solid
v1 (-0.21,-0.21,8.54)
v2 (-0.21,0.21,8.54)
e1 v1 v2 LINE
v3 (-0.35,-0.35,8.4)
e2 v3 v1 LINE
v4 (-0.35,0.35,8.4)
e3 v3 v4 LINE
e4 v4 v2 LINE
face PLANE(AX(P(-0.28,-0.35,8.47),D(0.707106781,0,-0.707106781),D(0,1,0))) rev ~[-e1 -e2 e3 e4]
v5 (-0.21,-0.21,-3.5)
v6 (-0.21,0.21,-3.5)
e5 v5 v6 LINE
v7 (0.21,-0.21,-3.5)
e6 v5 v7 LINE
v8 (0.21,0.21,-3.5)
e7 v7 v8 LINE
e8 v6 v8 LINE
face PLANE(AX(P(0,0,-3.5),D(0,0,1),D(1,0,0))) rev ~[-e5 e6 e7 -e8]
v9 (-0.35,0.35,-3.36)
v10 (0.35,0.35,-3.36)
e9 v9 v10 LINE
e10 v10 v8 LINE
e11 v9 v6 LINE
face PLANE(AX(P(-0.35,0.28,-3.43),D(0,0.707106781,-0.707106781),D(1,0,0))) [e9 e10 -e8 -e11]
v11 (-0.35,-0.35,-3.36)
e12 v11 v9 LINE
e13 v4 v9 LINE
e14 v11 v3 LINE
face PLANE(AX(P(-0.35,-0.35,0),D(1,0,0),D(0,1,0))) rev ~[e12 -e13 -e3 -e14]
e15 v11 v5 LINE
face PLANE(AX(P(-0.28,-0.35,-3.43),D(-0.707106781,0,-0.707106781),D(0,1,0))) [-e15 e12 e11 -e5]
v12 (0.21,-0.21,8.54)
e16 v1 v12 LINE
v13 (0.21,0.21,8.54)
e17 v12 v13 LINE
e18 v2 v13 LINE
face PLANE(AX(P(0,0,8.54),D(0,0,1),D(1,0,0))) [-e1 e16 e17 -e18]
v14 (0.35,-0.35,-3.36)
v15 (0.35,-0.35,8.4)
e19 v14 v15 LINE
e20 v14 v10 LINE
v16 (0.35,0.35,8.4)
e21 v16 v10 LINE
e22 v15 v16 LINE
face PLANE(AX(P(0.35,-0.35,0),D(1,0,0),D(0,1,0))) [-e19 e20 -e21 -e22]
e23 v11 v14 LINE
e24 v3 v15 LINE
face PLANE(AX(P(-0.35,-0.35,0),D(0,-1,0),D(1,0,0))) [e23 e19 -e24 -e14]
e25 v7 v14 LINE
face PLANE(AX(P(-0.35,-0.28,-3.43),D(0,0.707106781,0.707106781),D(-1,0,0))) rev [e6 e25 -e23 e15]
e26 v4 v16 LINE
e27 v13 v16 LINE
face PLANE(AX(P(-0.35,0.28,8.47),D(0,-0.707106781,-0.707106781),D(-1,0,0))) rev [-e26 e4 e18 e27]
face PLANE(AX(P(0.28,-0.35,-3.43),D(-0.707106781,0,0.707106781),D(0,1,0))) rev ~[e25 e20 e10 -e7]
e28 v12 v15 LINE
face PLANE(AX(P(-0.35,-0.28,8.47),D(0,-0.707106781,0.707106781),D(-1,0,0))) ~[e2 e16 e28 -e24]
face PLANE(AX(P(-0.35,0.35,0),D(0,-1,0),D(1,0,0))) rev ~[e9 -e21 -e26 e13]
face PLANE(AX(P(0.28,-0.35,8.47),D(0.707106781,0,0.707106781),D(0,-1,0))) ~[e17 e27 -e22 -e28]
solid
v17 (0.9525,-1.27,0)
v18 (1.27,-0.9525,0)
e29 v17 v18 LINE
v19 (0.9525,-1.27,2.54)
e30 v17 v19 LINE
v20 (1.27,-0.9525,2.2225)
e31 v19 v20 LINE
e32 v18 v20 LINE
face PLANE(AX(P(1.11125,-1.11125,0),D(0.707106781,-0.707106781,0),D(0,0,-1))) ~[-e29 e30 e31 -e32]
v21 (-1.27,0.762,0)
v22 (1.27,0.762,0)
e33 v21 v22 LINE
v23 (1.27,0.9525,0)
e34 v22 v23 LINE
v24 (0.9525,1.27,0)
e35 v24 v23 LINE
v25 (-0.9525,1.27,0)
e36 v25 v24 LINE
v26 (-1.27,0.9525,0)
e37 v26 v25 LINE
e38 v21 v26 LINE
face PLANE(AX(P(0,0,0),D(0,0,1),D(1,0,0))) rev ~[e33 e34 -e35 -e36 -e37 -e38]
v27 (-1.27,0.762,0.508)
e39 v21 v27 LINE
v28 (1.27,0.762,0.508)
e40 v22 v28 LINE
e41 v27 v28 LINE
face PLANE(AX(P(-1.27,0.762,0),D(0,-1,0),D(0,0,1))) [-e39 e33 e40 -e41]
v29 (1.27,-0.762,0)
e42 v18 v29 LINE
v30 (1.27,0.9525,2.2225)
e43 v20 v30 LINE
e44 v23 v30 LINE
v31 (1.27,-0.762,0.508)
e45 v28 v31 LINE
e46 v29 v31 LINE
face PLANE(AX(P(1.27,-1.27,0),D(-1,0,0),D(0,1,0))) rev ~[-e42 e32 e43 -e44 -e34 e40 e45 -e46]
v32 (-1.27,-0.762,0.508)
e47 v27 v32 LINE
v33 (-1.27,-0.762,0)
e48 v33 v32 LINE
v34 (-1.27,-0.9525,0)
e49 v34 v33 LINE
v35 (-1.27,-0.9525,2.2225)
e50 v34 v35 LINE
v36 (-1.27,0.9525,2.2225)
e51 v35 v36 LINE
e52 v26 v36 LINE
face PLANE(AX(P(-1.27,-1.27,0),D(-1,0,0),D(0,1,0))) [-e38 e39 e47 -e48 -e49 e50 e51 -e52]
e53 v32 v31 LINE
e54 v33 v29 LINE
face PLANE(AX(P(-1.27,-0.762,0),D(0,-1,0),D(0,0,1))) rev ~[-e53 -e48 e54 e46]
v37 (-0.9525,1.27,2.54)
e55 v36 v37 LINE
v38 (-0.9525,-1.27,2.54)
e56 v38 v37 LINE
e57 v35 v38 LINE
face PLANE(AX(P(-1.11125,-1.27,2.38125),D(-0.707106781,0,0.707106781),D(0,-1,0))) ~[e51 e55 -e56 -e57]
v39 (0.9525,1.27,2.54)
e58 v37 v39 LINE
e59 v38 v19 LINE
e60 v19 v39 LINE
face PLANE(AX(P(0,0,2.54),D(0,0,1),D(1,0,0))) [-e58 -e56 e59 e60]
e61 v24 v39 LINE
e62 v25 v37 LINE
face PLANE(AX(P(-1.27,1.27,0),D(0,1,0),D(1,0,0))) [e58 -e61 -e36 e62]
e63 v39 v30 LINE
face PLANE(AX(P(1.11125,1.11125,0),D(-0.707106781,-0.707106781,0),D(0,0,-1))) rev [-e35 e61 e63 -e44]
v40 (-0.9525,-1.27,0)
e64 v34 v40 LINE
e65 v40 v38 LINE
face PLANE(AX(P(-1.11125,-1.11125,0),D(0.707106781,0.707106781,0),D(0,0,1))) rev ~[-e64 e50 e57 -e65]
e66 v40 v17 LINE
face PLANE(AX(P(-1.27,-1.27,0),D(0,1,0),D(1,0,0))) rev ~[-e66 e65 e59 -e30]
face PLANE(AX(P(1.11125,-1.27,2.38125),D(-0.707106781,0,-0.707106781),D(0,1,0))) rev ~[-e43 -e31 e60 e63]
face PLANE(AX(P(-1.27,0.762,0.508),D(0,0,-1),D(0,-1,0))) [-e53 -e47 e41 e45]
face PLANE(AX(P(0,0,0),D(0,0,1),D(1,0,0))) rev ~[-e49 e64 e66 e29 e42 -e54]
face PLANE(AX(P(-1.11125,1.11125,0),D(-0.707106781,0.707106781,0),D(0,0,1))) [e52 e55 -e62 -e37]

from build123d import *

# Parameters (mm, degrees)
F4_W     = 2.54
F4_H     = 2.54
F4_W_2   = 0.7
F4_H_2   = 0.7
F5_DEPTH = 2.54
F6_DEPTH = 8.54
F7_DEPTH = 3.5
F8_W     = 1.524
F8_H     = 0.508
F9_DEPTH = 25
F10_SIZE = 0.3175
F11_SIZE = 0.14


with BuildPart() as f5:
    # F4 (on Top) → F5 (new body)
    with BuildSketch(Plane.XY):
        Rectangle(F4_W, F4_H)
        Rectangle(F4_W_2, F4_H_2, mode=Mode.SUBTRACT)
        Rectangle(F4_W_2, F4_H_2)
    extrude(amount=F5_DEPTH)

    # F8 (on face) → F9 (cut)
    with BuildSketch(Plane(origin=(-1.27, 0, 0), x_dir=(0, -1, 0), z_dir=(-1, 0, 0))):
        with Locations((0, 0.254)):
            Rectangle(F8_W, F8_H)
    extrude(amount=-F9_DEPTH, mode=Mode.SUBTRACT)

    # F10
    f10_edges = [f5.edges().sort_by_distance(p)[0] for p in [
        (-1.27, -1.27, 1.27),
        (1.27, -1.27, 1.27),
        (-1.27, 1.27, 1.27),
        (1.27, 1.27, 1.27),
        (1.27, 0, 2.54),
        (-1.27, 0, 2.54),
    ]]
    chamfer(f10_edges, length=F10_SIZE)


with BuildPart() as f6:
    # F4 (on Top) → F6 (new body)
    with BuildSketch(Plane.XY):
        Rectangle(F4_W_2, F4_H_2)
    extrude(amount=F6_DEPTH)

    # F4 (on Top) → F7 (join)
    with BuildSketch(Plane.XY):
        Rectangle(F4_W_2, F4_H_2)
    extrude(amount=-F7_DEPTH)

    # F11
    f11_edges = [f6.edges().sort_by_distance(p)[0] for p in [
        (-0.35, 0, 8.54),
        (0, 0.35, 8.54),
        (0, -0.35, 8.54),
        (0.35, 0, 8.54),
        (0, 0.35, -3.5),
        (-0.35, 0, -3.5),
        (0, -0.35, -3.5),
        (0.35, 0, -3.5),
    ]]
    chamfer(f11_edges, length=F11_SIZE)


solid = Compound([f5.part, f6.part])
